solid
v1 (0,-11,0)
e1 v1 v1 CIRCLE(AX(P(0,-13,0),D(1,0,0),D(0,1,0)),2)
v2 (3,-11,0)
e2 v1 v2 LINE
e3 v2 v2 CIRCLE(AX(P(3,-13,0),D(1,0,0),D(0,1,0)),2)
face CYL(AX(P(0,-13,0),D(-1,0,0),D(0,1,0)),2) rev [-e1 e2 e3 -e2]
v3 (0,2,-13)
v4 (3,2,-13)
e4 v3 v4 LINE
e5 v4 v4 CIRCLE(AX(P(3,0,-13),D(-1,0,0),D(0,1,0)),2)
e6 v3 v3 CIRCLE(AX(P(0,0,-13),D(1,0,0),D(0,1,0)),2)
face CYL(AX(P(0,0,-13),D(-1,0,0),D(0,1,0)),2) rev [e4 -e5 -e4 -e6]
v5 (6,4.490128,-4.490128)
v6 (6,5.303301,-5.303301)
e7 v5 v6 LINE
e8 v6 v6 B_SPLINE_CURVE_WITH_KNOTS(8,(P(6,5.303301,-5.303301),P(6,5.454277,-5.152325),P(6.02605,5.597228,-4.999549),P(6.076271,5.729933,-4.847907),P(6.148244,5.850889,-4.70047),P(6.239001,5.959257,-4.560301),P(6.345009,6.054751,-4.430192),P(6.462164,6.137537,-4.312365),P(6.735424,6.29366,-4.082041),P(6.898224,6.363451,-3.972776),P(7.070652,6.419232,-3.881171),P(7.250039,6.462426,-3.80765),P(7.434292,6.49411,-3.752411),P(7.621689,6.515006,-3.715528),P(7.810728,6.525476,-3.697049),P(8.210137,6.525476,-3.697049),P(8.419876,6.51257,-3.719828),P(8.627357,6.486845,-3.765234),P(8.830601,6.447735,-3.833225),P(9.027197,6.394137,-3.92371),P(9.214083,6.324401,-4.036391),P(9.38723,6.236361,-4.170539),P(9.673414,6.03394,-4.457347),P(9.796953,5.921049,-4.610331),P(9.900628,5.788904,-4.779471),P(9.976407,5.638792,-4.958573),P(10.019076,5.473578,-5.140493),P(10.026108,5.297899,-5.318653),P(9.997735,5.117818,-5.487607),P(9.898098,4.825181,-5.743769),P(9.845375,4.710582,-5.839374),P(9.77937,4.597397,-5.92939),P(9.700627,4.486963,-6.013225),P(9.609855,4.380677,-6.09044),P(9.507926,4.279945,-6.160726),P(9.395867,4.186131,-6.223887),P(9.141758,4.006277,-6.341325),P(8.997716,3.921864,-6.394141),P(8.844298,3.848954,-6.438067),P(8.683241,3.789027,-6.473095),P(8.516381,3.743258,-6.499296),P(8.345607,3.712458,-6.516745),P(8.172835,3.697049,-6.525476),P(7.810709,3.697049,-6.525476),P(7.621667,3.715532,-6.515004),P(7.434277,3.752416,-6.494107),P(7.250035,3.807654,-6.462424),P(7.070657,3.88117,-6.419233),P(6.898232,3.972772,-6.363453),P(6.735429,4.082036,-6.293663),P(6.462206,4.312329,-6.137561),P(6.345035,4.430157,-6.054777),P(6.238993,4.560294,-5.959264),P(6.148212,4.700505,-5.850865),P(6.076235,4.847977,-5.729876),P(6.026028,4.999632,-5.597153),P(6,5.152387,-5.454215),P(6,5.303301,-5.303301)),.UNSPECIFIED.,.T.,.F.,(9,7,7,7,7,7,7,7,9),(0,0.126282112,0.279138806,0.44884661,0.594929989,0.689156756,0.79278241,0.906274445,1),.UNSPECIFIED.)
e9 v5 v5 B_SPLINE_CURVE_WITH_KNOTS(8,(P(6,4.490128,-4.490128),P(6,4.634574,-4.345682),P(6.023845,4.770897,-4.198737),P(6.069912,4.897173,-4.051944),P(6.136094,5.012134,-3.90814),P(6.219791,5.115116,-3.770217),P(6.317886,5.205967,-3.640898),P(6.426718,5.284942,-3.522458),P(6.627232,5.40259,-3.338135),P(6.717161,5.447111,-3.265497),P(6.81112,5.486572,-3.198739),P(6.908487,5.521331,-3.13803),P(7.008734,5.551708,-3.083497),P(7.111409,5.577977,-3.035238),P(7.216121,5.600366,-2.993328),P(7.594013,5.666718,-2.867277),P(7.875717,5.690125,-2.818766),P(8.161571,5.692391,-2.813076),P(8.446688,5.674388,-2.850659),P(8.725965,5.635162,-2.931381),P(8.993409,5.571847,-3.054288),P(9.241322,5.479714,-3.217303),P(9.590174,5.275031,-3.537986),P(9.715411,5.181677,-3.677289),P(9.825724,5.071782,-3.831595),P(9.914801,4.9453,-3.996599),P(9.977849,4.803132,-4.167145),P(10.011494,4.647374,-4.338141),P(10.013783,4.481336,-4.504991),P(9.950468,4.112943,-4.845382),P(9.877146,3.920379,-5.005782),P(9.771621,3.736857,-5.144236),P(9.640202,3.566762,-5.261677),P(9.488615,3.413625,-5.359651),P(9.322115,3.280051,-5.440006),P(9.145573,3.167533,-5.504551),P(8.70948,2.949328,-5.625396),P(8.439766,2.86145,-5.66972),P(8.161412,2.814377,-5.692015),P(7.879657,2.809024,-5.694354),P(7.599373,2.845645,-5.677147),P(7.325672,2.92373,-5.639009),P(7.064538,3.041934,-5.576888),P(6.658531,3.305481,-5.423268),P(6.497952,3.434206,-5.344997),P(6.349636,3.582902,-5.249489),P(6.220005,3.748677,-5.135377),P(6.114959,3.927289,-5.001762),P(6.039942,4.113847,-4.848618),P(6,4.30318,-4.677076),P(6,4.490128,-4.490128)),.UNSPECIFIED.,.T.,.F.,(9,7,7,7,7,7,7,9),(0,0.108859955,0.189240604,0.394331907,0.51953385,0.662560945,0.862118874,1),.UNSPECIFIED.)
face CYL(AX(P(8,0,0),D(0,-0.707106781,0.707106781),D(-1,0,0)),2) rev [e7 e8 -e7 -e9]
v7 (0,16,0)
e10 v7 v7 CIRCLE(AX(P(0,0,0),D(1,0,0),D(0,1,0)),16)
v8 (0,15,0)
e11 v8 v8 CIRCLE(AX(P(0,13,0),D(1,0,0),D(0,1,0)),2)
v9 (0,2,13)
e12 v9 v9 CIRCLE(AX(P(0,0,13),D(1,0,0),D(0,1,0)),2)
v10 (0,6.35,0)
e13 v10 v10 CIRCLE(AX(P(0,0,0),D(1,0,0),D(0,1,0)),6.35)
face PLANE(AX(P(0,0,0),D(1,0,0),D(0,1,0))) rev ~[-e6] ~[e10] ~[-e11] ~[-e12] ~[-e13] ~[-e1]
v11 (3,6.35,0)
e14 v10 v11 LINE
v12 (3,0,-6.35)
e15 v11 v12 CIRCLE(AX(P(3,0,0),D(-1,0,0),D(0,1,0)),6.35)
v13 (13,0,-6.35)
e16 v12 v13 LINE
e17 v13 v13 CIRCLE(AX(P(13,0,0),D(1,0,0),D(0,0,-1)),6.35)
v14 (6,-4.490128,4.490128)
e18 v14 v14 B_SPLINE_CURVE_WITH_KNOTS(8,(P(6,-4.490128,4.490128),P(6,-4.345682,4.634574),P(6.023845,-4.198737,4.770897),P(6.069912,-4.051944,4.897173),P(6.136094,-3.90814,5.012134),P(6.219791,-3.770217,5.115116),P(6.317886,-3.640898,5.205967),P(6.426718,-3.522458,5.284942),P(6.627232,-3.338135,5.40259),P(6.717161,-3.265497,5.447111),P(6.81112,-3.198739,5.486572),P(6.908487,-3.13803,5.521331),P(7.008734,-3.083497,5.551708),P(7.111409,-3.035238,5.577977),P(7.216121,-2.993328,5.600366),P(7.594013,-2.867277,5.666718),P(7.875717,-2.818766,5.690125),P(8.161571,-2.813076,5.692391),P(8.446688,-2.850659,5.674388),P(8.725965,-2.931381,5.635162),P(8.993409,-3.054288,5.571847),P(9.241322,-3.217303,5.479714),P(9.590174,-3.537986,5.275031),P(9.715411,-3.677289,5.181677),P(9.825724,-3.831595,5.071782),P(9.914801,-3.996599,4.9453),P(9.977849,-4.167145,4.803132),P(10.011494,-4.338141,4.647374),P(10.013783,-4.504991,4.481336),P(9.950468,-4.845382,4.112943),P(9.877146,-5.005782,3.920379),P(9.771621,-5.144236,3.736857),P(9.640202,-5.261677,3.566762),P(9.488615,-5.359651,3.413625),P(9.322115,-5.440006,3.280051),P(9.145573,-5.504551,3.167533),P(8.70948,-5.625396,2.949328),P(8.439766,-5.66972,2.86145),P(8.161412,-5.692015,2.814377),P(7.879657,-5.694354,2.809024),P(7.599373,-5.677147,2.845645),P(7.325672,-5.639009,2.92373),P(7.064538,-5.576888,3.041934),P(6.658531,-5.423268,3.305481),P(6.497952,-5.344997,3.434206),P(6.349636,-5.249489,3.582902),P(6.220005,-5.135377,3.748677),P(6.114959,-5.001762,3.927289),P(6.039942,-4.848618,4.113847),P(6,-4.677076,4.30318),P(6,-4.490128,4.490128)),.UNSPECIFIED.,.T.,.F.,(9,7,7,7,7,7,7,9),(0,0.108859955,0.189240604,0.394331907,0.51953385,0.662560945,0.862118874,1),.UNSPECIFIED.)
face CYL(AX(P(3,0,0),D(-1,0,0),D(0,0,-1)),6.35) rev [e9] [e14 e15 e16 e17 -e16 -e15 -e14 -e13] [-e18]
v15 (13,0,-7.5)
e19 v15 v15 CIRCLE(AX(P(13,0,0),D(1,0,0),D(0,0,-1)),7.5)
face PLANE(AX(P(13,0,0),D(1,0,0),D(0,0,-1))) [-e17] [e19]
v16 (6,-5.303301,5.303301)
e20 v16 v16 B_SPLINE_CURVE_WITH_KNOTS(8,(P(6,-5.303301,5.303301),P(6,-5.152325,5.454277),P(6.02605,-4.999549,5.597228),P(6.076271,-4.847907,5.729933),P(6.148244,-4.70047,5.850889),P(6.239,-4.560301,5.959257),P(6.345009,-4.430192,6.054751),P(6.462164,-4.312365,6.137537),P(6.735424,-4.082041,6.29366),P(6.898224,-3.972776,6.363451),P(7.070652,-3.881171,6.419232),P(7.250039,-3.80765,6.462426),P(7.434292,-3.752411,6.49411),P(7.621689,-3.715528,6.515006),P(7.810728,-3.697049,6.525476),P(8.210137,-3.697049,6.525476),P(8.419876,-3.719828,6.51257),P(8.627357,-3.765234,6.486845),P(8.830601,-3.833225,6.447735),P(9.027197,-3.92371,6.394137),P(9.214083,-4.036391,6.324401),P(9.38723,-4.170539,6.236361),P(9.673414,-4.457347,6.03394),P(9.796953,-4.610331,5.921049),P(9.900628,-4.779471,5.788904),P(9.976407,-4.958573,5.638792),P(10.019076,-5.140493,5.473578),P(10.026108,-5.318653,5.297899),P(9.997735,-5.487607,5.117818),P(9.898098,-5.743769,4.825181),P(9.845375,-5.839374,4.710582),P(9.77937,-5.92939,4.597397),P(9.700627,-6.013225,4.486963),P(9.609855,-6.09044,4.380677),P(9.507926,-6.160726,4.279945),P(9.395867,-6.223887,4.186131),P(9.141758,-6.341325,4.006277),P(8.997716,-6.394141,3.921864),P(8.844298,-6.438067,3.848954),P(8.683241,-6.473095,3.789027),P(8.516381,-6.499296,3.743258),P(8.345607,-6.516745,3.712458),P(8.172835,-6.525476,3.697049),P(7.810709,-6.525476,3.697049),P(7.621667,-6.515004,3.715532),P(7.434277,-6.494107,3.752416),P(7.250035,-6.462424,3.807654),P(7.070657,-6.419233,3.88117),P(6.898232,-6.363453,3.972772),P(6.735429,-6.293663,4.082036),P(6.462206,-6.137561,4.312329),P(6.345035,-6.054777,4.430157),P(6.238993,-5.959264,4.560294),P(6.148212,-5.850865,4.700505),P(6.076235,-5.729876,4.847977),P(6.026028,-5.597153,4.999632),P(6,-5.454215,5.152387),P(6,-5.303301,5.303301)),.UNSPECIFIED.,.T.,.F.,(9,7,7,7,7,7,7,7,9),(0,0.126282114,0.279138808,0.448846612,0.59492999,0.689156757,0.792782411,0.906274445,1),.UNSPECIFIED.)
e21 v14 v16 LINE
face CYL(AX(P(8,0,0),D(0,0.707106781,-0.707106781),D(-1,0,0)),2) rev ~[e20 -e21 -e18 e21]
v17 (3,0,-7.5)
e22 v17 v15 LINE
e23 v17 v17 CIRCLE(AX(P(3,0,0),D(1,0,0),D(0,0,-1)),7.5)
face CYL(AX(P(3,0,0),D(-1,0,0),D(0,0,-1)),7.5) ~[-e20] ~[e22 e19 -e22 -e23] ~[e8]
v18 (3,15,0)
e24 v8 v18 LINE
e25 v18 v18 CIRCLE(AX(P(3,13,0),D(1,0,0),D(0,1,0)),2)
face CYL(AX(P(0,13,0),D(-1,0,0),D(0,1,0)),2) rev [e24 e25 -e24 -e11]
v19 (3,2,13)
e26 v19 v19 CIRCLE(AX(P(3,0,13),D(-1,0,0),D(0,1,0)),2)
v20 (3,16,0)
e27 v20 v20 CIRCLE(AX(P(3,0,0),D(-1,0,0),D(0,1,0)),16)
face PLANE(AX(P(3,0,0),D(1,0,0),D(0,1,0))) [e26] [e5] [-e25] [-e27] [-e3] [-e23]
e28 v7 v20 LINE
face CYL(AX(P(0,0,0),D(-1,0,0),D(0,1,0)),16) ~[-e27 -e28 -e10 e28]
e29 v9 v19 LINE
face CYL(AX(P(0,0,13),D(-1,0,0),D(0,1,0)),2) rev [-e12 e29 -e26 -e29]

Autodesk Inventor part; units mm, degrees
ref_plane "YZ Plane" through (0, 0, 0) normal (1, 0, 0) x (0, 1, 0)
sketch "Sketch1" plane through (0, 0, 0) normal (1, 0, 0) x (0, 1, 0)
  circle A0 centre (0, 0) radius 16
  circle A1 centre (0, 13) radius 2
  circle A2 centre (0, -13) radius 2
  circle A3 centre (-13, 0) radius 2
  circle A4 centre (13, 0) radius 2
  circle A5 centre (0, -13) radius 2
  circle A6 centre (0, 13) radius 2
  circle A7 centre (13, 0) radius 2
  circle A8 centre (-13, 0) radius 2
  circle A9 centre (0, 0) radius 6.35
  line L0 (0, -22.4) -> (0, 22.4) projected
  dimension "d0" = 32
  dimension "d1" = 4
  dimension "d2" = 26
  dimension "d3" = 13
  dimension "d6" = 360
  dimension "d8" = 12.7
extrude "Extrusion1" add sketch "Sketch1" along normal blind 3 contours A0 L0 A2 A9 A1 | L0 A1 A9 A2 A0
sketch "Sketch2" plane through (3, 0, 0) normal (1, 0, 0) x (0, 0, -1)
  circle A0 centre (0, 0) radius 16 projected
  circle A1 centre (13, 0) radius 2 projected
  circle A2 centre (0, 0) radius 6.35 projected
  circle A3 centre (0, -13) radius 2 projected
  circle A4 centre (-13, 0) radius 2 projected
  circle A5 centre (0, 13) radius 2 projected
  circle A6 centre (0, 0) radius 7.5
  dimension "d11" = 15
extrude "Extrusion2" add sketch "Sketch2" along normal blind 10 contours A6
ref_plane "Work Plane1" through (0, 0, 0) normal (0, 0.7071, -0.7071) x (-1, 0, 0)
sketch "Sketch5" plane through (0, 0, 0) normal (0, 0.7071, -0.7071) x (-1, 0, 0)
  circle A0 centre (-8, 0) radius 2
  line L0 (-13, 7.5) -> (-13, -7.5) projected
  line L1 (-3, -7.5) -> (-3, 7.5) projected
  point P0 (0, 0)
  point P1 (-13, 0)
  dimension "d14" = 4
  dimension "d15" = 5
extrude "Extrusion3" cut sketch "Sketch5" along normal through all both and the other way through all
properties part number "HipCoupler"
